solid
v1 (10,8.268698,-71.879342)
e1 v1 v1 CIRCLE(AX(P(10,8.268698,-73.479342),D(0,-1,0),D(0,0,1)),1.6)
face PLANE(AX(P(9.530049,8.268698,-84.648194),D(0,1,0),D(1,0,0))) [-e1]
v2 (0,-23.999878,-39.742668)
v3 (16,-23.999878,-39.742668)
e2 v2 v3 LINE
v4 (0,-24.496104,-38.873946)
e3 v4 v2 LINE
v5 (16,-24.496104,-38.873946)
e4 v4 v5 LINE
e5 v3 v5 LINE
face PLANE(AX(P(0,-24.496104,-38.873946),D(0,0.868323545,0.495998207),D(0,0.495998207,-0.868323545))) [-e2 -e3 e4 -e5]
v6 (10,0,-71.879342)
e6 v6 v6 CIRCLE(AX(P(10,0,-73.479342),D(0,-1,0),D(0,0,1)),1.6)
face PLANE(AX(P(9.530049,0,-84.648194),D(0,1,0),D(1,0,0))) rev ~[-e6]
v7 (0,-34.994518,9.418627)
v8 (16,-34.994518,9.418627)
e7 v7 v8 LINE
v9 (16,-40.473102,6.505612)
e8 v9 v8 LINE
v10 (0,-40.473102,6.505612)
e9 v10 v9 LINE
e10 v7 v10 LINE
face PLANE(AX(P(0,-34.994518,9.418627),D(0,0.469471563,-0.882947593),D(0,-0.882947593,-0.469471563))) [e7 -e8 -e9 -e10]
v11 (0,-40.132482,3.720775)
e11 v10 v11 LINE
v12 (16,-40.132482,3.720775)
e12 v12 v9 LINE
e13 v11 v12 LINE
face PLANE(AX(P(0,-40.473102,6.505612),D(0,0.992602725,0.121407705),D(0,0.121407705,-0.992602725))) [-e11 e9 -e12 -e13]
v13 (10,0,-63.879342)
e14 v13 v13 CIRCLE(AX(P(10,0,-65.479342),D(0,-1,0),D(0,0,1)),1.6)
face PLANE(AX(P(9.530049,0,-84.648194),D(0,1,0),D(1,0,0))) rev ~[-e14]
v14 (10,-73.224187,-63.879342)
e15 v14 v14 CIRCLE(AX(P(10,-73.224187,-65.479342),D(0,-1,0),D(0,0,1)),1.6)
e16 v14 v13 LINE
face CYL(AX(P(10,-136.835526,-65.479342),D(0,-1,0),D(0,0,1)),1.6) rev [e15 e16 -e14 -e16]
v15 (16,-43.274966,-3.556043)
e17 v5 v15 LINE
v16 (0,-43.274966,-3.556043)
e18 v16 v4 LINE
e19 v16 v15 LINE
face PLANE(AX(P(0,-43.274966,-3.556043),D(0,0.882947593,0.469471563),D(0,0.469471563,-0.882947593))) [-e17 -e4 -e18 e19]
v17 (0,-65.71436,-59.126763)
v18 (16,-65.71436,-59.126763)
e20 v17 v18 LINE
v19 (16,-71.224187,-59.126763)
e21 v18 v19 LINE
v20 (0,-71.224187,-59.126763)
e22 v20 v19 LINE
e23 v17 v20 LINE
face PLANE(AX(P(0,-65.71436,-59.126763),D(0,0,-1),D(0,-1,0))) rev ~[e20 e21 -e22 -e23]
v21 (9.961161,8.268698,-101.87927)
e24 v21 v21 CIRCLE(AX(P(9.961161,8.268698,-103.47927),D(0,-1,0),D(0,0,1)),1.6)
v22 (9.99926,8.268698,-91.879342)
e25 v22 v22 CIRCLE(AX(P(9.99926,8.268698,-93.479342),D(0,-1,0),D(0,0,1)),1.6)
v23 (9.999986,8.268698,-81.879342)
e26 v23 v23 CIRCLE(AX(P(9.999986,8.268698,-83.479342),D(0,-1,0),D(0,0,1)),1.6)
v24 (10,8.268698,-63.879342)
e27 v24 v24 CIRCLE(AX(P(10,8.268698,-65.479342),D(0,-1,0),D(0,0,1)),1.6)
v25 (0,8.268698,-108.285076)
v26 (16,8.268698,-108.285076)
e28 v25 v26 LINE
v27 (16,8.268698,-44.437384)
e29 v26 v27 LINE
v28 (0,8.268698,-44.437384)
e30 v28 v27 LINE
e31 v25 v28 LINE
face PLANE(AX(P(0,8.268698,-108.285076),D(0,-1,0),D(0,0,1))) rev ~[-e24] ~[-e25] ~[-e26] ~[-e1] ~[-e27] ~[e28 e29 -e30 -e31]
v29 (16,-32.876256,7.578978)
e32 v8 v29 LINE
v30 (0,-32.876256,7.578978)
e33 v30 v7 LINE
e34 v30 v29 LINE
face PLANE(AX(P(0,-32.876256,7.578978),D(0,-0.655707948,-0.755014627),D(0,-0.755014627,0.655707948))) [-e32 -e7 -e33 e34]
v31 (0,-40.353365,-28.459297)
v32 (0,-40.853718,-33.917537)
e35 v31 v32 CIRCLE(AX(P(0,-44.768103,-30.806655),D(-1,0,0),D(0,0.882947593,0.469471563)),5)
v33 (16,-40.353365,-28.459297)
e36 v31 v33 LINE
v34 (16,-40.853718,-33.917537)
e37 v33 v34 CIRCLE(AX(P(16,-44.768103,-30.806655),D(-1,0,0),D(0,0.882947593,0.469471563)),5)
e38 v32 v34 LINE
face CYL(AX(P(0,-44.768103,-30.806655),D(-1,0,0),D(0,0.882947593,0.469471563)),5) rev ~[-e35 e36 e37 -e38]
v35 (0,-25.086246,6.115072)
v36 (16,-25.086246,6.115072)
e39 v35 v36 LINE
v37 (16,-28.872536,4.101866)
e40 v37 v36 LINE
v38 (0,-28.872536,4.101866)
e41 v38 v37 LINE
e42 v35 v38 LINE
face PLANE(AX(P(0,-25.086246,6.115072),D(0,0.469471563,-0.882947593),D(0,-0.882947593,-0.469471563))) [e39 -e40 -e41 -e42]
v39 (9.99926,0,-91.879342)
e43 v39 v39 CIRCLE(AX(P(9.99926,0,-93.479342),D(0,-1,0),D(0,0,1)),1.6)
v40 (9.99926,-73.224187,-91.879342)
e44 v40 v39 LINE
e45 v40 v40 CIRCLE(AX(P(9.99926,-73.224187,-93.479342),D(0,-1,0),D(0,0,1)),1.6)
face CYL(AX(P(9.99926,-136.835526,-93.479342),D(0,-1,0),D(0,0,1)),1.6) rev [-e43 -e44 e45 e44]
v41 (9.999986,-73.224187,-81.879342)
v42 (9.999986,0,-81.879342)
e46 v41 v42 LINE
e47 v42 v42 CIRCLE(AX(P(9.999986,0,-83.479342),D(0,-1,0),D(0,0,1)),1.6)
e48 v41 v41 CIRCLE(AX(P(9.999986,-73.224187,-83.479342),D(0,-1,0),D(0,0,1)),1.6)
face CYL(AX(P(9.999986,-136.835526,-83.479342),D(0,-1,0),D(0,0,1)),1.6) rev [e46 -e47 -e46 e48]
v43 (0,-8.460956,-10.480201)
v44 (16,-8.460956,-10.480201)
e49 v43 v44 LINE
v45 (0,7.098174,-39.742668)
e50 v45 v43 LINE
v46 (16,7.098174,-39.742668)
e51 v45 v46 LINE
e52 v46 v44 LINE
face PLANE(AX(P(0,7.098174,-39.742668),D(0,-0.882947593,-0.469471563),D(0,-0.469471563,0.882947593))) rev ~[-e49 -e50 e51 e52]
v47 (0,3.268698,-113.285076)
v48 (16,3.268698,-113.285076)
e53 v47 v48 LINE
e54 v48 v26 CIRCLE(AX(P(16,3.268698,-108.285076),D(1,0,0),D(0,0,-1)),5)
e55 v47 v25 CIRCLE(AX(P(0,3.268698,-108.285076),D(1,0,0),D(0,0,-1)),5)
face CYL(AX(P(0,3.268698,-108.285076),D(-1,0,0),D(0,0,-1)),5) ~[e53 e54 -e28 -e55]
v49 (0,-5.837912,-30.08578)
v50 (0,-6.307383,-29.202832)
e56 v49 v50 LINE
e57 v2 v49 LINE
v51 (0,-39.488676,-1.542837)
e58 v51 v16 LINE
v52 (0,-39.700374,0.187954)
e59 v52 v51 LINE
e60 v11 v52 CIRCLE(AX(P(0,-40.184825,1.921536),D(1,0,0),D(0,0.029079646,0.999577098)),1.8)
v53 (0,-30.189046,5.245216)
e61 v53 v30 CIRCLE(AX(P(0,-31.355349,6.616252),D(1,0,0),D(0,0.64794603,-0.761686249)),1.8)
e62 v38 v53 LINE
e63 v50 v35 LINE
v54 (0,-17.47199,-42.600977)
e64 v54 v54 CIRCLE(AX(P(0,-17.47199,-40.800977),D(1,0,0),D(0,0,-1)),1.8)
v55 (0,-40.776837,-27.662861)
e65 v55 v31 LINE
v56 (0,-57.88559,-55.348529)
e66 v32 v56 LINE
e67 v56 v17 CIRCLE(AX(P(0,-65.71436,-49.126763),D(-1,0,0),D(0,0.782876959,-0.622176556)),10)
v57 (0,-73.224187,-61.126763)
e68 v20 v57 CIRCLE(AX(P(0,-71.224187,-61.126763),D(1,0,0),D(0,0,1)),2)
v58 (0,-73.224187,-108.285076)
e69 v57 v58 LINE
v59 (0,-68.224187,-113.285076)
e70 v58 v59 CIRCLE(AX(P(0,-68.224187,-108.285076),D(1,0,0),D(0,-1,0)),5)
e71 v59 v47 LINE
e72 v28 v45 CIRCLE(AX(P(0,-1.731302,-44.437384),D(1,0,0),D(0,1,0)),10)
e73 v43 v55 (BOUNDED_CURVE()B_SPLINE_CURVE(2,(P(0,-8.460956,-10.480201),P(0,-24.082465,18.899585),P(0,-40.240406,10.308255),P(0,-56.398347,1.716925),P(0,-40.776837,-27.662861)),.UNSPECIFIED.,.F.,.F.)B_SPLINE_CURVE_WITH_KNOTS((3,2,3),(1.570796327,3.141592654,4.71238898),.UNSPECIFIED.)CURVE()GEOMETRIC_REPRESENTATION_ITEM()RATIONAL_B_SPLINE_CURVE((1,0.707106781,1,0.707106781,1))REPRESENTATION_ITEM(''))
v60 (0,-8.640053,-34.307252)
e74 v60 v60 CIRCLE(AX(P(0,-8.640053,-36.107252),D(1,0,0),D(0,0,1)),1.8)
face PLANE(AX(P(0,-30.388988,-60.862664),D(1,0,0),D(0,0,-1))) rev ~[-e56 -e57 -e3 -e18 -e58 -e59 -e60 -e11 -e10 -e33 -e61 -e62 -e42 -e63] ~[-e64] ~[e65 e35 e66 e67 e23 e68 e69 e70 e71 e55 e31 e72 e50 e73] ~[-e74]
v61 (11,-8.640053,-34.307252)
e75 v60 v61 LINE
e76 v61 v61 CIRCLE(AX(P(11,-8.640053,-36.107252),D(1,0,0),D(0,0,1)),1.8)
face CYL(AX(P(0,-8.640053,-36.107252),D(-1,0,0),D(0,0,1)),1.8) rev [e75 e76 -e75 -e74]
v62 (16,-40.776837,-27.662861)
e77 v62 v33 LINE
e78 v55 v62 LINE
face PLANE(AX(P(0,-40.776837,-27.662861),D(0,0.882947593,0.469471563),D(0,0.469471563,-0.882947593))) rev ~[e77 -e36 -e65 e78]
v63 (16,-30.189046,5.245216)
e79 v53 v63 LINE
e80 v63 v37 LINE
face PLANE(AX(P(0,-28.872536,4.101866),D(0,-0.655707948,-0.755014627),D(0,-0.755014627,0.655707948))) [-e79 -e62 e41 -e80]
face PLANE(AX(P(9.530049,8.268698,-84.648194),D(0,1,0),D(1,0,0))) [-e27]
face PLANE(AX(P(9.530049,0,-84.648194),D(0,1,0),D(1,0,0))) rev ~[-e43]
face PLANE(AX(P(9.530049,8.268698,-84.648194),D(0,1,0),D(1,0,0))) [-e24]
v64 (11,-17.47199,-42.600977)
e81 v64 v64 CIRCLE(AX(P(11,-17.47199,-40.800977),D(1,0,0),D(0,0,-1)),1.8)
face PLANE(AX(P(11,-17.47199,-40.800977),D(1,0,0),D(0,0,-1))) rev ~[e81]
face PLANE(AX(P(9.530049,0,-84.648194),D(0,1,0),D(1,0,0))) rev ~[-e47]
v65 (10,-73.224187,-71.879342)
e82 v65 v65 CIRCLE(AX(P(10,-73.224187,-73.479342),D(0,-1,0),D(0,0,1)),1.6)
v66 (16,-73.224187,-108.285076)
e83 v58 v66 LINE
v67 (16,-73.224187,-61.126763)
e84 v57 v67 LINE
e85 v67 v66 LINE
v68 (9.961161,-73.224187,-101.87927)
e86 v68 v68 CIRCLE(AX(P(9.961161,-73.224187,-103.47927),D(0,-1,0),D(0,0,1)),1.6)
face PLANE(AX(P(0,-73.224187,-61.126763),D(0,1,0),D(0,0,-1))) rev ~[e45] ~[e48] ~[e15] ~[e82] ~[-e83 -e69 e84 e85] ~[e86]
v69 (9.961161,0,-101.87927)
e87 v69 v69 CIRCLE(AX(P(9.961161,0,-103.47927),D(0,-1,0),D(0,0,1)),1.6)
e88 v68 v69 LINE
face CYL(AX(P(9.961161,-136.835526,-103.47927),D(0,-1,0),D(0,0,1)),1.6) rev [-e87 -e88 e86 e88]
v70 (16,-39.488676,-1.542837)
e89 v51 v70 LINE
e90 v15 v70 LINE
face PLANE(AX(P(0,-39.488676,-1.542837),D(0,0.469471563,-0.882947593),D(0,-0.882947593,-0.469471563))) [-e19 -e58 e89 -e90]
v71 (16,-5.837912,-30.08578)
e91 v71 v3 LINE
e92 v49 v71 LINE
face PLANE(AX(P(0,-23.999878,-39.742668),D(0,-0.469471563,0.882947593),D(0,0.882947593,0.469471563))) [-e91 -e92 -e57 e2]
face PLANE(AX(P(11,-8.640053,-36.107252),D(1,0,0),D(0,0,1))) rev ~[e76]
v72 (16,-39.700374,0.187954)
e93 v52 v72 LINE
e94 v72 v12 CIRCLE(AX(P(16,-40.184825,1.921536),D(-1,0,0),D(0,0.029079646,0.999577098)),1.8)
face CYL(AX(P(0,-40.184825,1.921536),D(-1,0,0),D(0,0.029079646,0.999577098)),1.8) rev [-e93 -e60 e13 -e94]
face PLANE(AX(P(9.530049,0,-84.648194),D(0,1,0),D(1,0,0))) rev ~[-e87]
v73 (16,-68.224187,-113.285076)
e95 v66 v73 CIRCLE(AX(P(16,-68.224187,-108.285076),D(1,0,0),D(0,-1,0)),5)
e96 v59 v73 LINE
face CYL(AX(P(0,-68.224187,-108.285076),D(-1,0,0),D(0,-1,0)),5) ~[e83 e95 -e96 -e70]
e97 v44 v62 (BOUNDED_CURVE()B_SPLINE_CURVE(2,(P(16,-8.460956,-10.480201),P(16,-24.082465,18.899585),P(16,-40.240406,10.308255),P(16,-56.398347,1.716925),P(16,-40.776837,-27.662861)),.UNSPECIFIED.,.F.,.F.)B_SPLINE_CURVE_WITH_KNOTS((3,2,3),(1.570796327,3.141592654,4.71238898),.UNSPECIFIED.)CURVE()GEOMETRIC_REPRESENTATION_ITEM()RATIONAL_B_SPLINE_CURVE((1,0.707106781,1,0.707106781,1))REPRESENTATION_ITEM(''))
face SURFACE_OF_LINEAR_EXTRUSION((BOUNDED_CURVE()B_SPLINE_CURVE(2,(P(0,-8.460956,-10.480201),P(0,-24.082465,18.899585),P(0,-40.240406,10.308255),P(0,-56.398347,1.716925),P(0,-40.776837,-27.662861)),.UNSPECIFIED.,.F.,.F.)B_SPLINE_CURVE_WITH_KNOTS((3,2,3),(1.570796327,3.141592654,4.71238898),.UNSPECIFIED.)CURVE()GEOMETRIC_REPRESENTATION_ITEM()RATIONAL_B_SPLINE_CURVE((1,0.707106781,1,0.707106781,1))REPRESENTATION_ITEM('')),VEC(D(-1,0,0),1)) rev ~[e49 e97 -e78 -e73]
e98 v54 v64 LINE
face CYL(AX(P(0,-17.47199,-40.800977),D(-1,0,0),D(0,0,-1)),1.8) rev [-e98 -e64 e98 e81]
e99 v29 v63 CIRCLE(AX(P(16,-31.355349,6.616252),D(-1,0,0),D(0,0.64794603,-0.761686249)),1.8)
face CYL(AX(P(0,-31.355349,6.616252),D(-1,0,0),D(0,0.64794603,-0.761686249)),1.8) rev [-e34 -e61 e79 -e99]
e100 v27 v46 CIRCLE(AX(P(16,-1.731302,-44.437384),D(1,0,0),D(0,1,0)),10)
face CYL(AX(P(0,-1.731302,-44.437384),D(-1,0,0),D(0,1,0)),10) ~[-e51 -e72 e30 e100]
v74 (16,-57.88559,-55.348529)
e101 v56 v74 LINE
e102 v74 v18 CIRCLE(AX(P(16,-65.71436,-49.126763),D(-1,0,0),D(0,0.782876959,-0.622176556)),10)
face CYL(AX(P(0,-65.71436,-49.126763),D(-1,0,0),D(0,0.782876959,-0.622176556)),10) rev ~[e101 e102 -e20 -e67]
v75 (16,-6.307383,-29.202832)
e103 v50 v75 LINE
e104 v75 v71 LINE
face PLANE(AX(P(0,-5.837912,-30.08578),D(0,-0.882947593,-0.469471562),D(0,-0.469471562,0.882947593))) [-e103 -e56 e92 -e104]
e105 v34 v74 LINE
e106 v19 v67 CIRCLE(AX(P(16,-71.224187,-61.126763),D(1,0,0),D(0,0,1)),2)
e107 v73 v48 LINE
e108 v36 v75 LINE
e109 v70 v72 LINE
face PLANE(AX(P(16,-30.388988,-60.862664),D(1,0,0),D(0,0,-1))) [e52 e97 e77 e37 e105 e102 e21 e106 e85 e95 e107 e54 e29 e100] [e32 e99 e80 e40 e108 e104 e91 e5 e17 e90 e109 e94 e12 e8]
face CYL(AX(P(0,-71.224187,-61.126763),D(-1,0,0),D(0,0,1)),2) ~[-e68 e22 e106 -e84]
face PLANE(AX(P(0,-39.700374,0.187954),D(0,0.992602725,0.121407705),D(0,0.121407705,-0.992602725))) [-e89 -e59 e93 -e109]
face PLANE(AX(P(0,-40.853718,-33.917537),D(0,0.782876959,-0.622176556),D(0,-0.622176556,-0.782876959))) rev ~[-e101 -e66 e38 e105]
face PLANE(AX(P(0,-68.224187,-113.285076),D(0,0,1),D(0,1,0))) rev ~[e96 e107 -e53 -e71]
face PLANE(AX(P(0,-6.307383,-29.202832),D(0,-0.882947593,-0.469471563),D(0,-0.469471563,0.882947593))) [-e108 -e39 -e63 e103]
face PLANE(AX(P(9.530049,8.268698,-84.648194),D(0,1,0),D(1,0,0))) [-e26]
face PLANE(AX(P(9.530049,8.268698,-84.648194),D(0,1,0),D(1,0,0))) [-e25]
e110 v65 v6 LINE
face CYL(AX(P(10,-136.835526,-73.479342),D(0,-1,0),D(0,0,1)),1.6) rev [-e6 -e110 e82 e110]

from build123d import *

# Parameters (mm, degrees)
EXTRUDE_1_DEPTH          = 16
SKETCH_1_12_R            = 1.8
CUT_EXTRUDE_3_DEPTH      = 11
CUT_EXTRUDE_5_DEPTH      = 136.835525964
CUT_EXTRUDE_5_DEPTH_BACK = 136.835525964
SKETCH_3_R               = 1.6
SKETCH_5_W               = 11.148525628
SKETCH_5_H               = 46.436292238
EXTRUDE_5_DEPTH          = 8.268698
CUT_EXTRUDE_7_DEPTH      = 20


with BuildPart() as part:
    # 草图1 → 凸台-拉伸1 (new body)
    with BuildSketch(Plane(origin=(0, 0, 0), x_dir=(0, 0, -1), z_dir=(1, 0, 0))):
        with BuildLine():
            Line((59.126763237, -65.71435988), (59.126763237, -71.224186709))
            ThreePointArc((59.126763237, -71.224186709), (59.712549674, -72.638400271), (61.126763237, -73.224186709))
            Line((61.126763237, -73.224186709), (108.285076486, -73.224186709))
            ThreePointArc((108.285076486, -73.224186709), (111.820610392, -71.759720614), (113.285076486, -68.224186709))
            Line((113.285076486, -68.224186709), (113.285076486, 3.268698301))
            ThreePointArc((113.285076486, 3.268698301), (111.820610392, 6.804232207), (108.285076486, 8.268698301))
            Line((108.285076486, 8.268698301), (44.437384067, 8.268698301))
            ThreePointArc((44.437384067, 8.268698301), (42.018165111, 7.971655564), (39.742668439, 7.098174229))
            Line((39.742668439, 7.098174229), (10.48020136, -8.46095551))
            add(Edge.make_bspline(
                [(10.48020136, -8.46095551), (-18.899584584, -24.082464797), (-10.308254985, -40.240405746), (-1.716925386, -56.398346695), (27.662860558, -40.776837409)],
                knots=[1.570796327, 1.570796327, 1.570796327, 3.141592654, 3.141592654, 4.71238898, 4.71238898, 4.71238898], degree=2, weights=[1, 0.707106781, 1, 0.707106781, 1]))
            Line((27.662860558, -40.776837409), (28.45929676, -40.353364768))
            ThreePointArc((28.45929676, -40.353364768), (31.26308739, -39.788979408), (33.917537352, -40.853717936))
            Line((33.917537352, -40.853717936), (55.348528793, -57.885590286))
            ThreePointArc((55.348528793, -57.885590286), (58.132807195, -61.367962267), (59.126763237, -65.71435988))
        make_face()
    extrude(amount=EXTRUDE_1_DEPTH)

    # 草图1<12> → 切除-拉伸3 (cut)
    with BuildSketch(Plane(origin=(0, 0, 0), x_dir=(0, 0, -1), z_dir=(1, 0, 0))):
        with Locations((40.800977433, -17.471989752)):
            Circle(SKETCH_1_12_R)
        with Locations(Location((36.107251708, -8.64005263, 0), (0, 0, 180))):
            Circle(SKETCH_1_12_R)
    extrude(amount=CUT_EXTRUDE_3_DEPTH, mode=Mode.SUBTRACT)

    # 草图3 → 切除-拉伸5 (cut, two sides: drawn at the far end of the back side and taken through both)
    with BuildSketch(Plane(origin=(0, 0, 0), x_dir=(1, 0, 0), z_dir=(0, 1, 0)).offset(-CUT_EXTRUDE_5_DEPTH_BACK)):
        with Locations(Location((9.961161351, 103.479269729, 0), (0, 0, 270))):
            Circle(SKETCH_3_R)
        with Locations(Location((9.999259871, 93.479342304, 0), (0, 0, 270))):
            Circle(SKETCH_3_R)
        with Locations(Location((9.999985896, 83.47934233, 0), (0, 0, 270))):
            Circle(SKETCH_3_R)
        with Locations(Location((9.999999731, 73.47934233, 0), (0, 0, 270))):
            Circle(SKETCH_3_R)
        with Locations(Location((9.999999994, 65.47934233, 0), (0, 0, 270))):
            Circle(SKETCH_3_R)
    extrude(amount=CUT_EXTRUDE_5_DEPTH + CUT_EXTRUDE_5_DEPTH_BACK, mode=Mode.SUBTRACT)

    # 草图5 → 凸台-拉伸5 (add, through all)
    with BuildSketch(Plane(origin=(0, 0, 0), x_dir=(1, 0, 0), z_dir=(0, 1, 0))):
        with Locations((9.530048776, 84.64819368)):
            Rectangle(SKETCH_5_W, SKETCH_5_H)
    extrude(amount=EXTRUDE_5_DEPTH)

    # 草图1<19> → 切除-拉伸7 (cut)
    with BuildSketch(Plane(origin=(0, 0, 0), x_dir=(0, 0, -1), z_dir=(1, 0, 0))):
        with BuildLine():
            Line((-6.115071551, -25.08624568), (-4.101865535, -28.872535514))
            Line((-4.101865535, -28.872535514), (-5.245216271, -30.189046212))
            ThreePointArc((-5.245216271, -30.189046212), (-7.975277848, -30.175074758), (-7.578978461, -32.87625565))
            Line((-7.578978461, -32.87625565), (-9.418626951, -34.994518089))
            Line((-9.418626951, -34.994518089), (-6.505612199, -40.473102026))
            Line((-6.505612199, -40.473102026), (-3.720774668, -40.132481631))
            ThreePointArc((-3.720774668, -40.132481631), (-1.703002024, -41.971509898), (-0.187953824, -39.700373538))
            Line((-0.187953824, -39.700373538), (1.542836627, -39.488676259))
            Line((1.542836627, -39.488676259), (3.556042643, -43.274966093))
            Line((3.556042643, -43.274966093), (38.873946357, -24.496103581))
            Line((38.873946357, -24.496103581), (39.742668439, -23.999877724))
            Line((39.742668439, -23.999877724), (30.085779757, -5.837911606))
            Line((30.085779757, -5.837911606), (29.202832164, -6.307383168))
            Line((29.202832164, -6.307383168), (-6.115071551, -25.08624568))
        make_face()
    extrude(amount=CUT_EXTRUDE_7_DEPTH, mode=Mode.SUBTRACT)


solid = part.part
